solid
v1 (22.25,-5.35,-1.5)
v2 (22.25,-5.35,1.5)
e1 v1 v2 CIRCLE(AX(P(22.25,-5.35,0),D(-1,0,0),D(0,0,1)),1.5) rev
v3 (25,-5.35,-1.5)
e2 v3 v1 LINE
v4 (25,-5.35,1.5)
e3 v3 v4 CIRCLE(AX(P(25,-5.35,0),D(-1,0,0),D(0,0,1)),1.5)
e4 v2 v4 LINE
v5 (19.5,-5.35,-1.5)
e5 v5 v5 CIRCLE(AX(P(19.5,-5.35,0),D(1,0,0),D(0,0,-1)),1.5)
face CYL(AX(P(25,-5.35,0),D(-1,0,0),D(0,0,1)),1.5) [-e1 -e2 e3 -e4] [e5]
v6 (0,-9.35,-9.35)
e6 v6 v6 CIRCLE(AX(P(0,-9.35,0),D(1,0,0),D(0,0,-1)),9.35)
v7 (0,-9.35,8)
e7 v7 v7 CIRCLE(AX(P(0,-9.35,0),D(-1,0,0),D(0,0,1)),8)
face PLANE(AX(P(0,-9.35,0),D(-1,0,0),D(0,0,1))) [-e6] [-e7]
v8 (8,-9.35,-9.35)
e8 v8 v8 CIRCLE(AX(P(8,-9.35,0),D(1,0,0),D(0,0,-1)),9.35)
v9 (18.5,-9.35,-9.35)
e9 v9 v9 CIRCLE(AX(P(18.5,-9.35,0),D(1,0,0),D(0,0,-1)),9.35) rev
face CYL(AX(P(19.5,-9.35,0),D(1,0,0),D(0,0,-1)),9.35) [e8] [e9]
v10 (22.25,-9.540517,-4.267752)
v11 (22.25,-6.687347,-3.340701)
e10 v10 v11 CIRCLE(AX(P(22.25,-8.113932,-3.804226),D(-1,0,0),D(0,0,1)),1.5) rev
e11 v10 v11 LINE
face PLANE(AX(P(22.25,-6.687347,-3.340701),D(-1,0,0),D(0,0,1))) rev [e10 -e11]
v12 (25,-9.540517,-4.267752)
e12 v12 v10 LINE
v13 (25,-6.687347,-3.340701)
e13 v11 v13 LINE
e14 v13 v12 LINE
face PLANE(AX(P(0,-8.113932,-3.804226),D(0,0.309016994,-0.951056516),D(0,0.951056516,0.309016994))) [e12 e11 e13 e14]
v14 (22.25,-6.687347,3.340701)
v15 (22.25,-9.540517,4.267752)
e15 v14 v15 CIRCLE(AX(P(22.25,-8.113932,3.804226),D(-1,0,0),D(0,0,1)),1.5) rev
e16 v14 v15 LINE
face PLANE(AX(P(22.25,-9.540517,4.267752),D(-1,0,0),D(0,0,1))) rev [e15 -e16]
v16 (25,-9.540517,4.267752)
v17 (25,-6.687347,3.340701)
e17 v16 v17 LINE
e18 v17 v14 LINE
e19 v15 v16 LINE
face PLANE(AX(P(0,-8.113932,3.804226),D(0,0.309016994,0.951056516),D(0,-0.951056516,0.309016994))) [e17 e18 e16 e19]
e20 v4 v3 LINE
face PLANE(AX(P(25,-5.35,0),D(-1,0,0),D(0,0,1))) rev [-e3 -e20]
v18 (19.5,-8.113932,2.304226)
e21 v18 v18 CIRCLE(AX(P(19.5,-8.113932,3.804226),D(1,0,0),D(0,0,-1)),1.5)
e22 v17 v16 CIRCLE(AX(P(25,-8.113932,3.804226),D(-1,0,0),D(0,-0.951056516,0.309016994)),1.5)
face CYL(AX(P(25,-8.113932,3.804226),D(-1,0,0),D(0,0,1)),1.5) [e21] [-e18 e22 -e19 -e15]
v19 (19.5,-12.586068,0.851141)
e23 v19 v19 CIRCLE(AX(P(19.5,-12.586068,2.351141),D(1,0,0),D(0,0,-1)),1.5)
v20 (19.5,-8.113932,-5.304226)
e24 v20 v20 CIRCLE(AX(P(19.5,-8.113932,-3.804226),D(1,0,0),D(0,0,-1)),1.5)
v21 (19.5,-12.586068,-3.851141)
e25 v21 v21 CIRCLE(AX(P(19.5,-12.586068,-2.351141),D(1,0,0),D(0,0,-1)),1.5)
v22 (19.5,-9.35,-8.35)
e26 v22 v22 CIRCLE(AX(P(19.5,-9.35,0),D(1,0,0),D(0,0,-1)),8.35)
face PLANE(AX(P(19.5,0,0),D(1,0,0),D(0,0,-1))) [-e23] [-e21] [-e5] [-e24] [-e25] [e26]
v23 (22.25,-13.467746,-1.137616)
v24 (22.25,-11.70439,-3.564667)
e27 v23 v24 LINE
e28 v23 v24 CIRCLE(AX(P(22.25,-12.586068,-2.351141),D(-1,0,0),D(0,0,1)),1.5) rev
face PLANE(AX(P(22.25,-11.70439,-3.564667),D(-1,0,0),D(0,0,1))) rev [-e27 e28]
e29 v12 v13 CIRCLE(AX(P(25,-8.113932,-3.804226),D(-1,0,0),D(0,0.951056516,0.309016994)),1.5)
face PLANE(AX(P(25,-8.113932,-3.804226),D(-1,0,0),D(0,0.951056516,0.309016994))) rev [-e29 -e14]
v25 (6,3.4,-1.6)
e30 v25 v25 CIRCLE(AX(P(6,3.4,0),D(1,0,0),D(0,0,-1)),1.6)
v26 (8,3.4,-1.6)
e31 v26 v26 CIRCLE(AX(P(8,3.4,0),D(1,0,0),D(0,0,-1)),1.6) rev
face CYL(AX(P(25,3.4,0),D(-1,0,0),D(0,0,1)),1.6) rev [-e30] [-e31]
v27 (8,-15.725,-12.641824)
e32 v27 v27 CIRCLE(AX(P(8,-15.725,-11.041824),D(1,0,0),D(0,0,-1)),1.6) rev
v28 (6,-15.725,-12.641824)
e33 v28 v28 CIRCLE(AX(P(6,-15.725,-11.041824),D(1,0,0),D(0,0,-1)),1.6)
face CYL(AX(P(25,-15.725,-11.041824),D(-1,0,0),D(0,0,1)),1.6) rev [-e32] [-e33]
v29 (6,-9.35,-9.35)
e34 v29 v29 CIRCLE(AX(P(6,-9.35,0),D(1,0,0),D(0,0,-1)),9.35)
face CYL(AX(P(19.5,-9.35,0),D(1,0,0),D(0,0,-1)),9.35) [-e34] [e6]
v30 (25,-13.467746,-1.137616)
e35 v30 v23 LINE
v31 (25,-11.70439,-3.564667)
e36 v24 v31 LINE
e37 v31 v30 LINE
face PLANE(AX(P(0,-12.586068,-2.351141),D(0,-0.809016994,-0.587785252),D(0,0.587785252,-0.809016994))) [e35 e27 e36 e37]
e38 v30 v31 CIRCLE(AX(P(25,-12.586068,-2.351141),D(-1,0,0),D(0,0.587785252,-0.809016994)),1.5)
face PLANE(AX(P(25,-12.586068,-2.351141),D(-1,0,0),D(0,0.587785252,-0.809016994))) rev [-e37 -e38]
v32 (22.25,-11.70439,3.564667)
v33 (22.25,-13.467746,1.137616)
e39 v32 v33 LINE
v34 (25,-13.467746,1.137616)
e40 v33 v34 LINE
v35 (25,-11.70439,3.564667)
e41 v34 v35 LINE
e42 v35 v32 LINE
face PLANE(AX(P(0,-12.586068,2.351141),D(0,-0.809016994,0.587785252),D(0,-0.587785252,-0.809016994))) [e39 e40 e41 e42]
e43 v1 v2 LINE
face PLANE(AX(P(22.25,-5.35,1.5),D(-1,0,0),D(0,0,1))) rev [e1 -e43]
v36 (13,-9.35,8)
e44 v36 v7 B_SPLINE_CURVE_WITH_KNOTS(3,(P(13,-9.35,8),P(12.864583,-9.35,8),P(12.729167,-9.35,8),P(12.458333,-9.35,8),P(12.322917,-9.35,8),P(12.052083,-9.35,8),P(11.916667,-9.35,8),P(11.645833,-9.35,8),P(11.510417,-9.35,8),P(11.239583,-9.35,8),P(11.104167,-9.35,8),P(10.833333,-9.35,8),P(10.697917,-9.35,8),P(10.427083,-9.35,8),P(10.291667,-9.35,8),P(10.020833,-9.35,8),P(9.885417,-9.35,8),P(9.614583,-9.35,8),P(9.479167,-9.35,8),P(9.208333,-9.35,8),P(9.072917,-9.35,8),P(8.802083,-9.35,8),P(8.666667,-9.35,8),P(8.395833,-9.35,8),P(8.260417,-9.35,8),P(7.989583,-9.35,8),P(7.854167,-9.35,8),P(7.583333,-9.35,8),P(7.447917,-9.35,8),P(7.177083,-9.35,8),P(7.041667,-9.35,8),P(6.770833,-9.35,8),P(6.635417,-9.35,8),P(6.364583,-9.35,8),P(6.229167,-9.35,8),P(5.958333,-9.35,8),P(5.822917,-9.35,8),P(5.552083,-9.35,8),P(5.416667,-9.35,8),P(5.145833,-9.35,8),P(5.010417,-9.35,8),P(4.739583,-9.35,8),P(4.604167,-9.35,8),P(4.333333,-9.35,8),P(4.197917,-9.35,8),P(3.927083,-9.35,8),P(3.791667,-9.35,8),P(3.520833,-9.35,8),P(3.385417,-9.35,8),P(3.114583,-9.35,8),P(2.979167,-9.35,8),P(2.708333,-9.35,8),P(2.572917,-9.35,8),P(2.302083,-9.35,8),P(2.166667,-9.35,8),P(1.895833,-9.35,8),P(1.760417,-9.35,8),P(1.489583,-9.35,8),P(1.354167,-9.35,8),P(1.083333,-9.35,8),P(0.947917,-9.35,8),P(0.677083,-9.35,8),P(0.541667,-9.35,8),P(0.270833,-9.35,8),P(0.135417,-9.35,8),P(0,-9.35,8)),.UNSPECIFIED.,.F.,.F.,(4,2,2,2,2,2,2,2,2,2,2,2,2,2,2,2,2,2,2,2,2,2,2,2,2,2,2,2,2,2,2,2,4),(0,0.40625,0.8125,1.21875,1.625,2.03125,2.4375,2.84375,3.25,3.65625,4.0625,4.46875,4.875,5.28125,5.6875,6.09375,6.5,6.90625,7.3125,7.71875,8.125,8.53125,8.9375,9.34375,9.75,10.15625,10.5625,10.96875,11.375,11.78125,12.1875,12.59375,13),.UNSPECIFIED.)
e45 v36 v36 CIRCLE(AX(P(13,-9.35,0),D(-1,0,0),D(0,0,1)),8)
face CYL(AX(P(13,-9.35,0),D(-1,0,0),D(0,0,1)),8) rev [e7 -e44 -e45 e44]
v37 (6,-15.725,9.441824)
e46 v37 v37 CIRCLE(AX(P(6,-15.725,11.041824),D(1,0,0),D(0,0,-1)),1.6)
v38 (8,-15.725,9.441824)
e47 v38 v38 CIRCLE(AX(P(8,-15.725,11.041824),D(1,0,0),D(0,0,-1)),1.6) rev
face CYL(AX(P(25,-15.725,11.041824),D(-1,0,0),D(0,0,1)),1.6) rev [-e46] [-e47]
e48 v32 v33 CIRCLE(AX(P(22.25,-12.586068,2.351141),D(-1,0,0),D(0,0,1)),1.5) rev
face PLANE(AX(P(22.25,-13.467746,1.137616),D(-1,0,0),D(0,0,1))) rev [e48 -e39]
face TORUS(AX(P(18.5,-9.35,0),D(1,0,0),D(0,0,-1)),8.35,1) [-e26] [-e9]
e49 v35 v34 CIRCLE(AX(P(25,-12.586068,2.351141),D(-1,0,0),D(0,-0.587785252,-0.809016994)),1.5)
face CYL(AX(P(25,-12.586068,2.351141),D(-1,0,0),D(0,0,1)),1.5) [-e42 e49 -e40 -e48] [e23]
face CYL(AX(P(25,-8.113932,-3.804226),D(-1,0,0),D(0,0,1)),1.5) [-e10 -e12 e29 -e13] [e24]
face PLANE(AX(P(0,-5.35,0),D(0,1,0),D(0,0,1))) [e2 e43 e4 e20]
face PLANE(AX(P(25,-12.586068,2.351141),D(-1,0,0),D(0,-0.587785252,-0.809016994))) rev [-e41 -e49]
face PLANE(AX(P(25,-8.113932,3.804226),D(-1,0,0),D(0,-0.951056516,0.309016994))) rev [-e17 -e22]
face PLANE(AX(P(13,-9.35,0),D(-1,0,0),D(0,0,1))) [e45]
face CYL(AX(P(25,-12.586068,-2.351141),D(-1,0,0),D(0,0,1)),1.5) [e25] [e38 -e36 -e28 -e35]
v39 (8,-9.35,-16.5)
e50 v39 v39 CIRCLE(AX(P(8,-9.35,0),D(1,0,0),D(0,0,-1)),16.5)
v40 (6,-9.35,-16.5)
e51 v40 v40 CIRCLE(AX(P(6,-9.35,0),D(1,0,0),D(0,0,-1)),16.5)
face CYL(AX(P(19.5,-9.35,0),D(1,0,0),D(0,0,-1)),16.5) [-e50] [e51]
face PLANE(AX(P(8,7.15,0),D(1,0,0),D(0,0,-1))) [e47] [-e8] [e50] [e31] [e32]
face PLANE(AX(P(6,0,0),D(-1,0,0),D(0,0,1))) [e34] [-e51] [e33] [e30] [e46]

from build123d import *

# Parameters (mm, degrees)
SKIZZE2_R                       = 1.5
AUFSATZ_LINEAR_AUSTRAGEN1_DEPTH = 5.5
SKIZZE3_W                       = 2.75
SKIZZE3_H                       = 3
SCHNITT_LINEAR_AUSTRAGEN1_DEPTH = 1.5
KREISMUSTER1_COUNT              = 5
SKIZZE4_R                       = 1.6
SCHNITT_LINEAR_AUSTRAGEN5_DEPTH = 37.075926877
SKIZZE5_R                       = 8
SCHNITT_LINEAR_AUSTRAGEN6_DEPTH = 13
VERRUNDUNG1_R                   = 1


with BuildPart() as part:
    # Skizze1 → Rotation1 (revolve)
    with BuildSketch(Plane.XY):
        Polygon((0, 0), (6, 0), (6, 7.15), (8, 7.15), (8, 0), (19.5, 0), (19.5, -9.35), (0, -9.35), align=None)
    revolve(axis=Axis((19.5, -9.35, 0), (-1, 0, 0)))

    # Skizze2 → Aufsatz-Linear austragen1 (add)
    with BuildSketch(Plane.ZY.offset(-19.5)):
        with Locations((0, -5.35)):
            Circle(SKIZZE2_R)
    aufsatz_linear_austragen1 = extrude(amount=-AUFSATZ_LINEAR_AUSTRAGEN1_DEPTH)

    # Skizze3 → Schnitt-Linear austragen1 (cut)
    with BuildSketch(Plane(origin=(0, -3.85, 0), x_dir=(1, 0, 0), z_dir=(0, 1, 0))):
        with Locations((23.625, 0)):
            Rectangle(SKIZZE3_W, SKIZZE3_H)
    schnitt_linear_austragen1 = extrude(amount=-SCHNITT_LINEAR_AUSTRAGEN1_DEPTH, mode=Mode.SUBTRACT)

    # Kreismuster1: Aufsatz-Linear austragen1, Schnitt-Linear austragen1 ×5 about axis
    kreismuster1_axis = Axis((19.5, -9.35, 0), (1, 0, 0))
    add([aufsatz_linear_austragen1.rotate(kreismuster1_axis, i * 360 / KREISMUSTER1_COUNT) for i in range(1, KREISMUSTER1_COUNT)])
    add([schnitt_linear_austragen1.rotate(kreismuster1_axis, i * 360 / KREISMUSTER1_COUNT) for i in range(1, KREISMUSTER1_COUNT)], mode=Mode.SUBTRACT)

    # Skizze4 → Schnitt-Linear austragen5 (cut, through all)
    with BuildSketch(Plane(origin=(6, 0, 0), x_dir=(0, 0, -1), z_dir=(1, 0, 0))):
        with Locations((0, 3.4)):
            Circle(SKIZZE4_R)
        with Locations((11.041823898, -15.725)):
            Circle(SKIZZE4_R)
        with Locations((-11.041823898, -15.725)):
            Circle(SKIZZE4_R)
    extrude(amount=SCHNITT_LINEAR_AUSTRAGEN5_DEPTH, mode=Mode.SUBTRACT)

    # Skizze5 → Schnitt-Linear austragen6 (cut)
    with BuildSketch(Plane.ZY):
        with Locations((0, -9.35)):
            Circle(SKIZZE5_R)
    extrude(amount=-SCHNITT_LINEAR_AUSTRAGEN6_DEPTH, mode=Mode.SUBTRACT)

    # Verrundung1
    verrundung1_edges = [part.edges().sort_by_distance(p)[0] for p in [
        (19.5, -18.7, 0),
    ]]
    fillet(verrundung1_edges, radius=VERRUNDUNG1_R)


solid = part.part
